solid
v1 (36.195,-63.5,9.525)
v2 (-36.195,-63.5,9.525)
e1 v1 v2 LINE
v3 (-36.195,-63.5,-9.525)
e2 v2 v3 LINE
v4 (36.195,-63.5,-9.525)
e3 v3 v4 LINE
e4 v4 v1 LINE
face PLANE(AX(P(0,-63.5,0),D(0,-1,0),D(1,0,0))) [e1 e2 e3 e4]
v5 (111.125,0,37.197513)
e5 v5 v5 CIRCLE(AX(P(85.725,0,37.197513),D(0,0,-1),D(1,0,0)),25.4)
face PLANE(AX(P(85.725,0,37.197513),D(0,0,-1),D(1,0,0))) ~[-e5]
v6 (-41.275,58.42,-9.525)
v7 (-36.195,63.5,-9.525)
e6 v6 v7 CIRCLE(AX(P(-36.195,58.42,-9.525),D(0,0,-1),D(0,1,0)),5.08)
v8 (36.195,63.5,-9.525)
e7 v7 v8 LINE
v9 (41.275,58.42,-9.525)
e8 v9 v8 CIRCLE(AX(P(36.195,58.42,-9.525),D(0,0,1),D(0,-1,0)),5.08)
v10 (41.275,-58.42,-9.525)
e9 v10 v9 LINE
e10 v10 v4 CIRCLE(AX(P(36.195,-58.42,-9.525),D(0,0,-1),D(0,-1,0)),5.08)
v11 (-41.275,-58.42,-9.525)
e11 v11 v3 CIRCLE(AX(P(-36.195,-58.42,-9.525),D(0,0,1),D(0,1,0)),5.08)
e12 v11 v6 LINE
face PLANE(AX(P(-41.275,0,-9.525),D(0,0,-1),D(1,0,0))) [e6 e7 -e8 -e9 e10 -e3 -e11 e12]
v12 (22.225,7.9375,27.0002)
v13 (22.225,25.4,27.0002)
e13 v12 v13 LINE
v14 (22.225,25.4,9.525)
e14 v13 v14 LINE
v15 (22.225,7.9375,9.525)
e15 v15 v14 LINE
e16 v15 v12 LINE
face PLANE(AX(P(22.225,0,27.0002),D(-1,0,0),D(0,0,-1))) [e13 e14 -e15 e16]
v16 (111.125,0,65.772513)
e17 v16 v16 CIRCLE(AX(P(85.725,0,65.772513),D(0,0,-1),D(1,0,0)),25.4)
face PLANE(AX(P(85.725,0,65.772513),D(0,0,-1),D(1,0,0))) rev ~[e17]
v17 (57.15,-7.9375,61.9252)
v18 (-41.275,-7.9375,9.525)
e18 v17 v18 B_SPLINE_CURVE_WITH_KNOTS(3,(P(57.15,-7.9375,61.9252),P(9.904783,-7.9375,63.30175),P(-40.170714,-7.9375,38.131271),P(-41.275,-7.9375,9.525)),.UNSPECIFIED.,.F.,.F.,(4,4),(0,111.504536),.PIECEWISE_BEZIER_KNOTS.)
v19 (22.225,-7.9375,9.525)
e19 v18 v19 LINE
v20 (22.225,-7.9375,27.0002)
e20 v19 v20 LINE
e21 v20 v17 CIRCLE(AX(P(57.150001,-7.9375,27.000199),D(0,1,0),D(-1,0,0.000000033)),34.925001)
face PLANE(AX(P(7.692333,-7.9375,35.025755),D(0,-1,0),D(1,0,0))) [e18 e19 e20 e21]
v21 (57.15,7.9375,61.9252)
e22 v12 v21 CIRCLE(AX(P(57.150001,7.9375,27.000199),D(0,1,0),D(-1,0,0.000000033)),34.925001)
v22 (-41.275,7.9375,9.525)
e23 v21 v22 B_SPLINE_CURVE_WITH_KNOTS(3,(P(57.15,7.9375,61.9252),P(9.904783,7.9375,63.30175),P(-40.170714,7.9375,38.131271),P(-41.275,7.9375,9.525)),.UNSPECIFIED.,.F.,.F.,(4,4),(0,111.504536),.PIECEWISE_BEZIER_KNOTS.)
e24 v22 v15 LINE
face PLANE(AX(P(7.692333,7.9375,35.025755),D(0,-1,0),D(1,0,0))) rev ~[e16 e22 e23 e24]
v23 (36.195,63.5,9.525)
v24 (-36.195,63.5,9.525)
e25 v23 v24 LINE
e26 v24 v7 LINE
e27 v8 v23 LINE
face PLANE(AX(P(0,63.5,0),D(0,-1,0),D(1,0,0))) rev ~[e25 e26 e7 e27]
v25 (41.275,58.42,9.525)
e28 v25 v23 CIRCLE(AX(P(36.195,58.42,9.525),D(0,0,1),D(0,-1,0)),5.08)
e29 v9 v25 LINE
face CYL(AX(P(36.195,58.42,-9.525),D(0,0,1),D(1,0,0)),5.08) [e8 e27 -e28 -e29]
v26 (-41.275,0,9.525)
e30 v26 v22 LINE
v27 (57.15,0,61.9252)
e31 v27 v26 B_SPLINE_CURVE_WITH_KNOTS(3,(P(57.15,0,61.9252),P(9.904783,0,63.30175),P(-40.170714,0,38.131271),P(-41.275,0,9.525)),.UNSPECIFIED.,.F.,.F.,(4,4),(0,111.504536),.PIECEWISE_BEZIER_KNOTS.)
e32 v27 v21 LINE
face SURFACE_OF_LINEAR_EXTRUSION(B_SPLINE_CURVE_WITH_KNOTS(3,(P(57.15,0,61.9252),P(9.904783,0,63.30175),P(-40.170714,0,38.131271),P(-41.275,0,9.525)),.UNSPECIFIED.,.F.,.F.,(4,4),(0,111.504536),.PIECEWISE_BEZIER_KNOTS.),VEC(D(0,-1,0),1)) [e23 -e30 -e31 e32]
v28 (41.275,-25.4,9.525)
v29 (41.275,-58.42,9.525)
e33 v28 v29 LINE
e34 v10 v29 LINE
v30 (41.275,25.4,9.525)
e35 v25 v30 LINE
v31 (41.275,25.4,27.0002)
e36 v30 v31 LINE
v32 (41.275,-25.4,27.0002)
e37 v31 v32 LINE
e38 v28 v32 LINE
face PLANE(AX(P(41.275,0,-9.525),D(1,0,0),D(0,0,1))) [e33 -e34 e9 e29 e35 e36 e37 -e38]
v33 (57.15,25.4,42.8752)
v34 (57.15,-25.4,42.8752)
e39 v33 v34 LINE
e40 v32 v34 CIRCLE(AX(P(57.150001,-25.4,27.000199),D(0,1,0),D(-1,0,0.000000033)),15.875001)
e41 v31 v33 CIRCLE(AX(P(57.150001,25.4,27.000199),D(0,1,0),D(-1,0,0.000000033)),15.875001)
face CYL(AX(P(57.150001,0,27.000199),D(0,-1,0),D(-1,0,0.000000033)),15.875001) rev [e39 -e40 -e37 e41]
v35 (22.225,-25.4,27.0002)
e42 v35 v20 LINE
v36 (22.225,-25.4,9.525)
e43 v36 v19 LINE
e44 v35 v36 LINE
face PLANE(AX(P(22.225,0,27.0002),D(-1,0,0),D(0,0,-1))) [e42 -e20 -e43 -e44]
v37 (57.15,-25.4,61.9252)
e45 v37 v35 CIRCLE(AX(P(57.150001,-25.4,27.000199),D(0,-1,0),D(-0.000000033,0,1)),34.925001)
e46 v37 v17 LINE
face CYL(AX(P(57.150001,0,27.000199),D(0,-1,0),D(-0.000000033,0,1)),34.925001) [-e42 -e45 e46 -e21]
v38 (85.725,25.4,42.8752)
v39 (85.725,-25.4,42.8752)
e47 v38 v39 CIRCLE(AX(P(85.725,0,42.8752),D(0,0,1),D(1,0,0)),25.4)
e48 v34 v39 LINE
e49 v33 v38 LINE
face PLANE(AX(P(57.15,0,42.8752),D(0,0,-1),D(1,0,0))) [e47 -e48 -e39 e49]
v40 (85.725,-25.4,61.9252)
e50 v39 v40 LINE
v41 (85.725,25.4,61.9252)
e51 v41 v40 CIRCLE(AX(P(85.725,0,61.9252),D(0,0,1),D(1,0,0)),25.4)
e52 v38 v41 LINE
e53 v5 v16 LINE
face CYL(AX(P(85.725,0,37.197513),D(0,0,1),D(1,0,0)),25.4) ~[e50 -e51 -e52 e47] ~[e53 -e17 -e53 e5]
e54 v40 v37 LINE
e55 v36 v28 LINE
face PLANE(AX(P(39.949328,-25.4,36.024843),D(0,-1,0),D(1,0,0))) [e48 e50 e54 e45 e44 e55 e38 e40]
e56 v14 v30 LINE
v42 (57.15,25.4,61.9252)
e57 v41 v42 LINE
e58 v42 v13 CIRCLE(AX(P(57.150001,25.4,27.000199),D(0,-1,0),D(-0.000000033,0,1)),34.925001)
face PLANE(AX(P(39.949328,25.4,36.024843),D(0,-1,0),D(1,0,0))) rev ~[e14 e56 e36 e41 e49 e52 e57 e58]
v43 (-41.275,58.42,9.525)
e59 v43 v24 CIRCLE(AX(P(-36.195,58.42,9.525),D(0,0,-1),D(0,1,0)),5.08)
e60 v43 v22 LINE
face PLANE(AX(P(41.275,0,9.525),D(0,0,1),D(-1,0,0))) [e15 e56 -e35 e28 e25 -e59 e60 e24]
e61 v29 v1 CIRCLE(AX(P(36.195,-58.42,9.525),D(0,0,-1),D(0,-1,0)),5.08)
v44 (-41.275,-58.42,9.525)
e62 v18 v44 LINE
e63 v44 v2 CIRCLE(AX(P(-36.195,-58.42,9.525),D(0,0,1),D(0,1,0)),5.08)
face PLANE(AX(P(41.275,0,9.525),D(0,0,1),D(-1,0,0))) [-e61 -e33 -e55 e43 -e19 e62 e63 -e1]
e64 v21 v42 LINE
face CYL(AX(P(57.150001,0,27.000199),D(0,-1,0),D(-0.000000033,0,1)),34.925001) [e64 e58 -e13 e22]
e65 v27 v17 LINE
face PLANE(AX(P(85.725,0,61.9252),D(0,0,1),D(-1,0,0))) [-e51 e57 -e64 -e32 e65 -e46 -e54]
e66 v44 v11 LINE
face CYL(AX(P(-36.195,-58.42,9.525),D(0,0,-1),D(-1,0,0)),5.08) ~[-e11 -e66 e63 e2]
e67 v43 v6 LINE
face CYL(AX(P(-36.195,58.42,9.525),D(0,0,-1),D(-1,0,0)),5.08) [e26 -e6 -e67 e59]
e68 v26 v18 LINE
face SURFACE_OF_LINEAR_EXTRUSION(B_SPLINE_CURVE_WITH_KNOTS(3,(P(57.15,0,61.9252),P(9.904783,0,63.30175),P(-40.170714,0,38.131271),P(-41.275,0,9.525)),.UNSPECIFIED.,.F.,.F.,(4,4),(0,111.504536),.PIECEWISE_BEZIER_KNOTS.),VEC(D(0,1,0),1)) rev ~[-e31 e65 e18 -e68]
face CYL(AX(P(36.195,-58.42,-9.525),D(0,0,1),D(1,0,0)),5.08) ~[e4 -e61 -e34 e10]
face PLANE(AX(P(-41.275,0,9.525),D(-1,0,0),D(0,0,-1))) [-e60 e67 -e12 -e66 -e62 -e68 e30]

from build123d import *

# Parameters (mm, degrees)
F1_DEPTH = 63.5
F2_DEPTH = 25.4
F4_DEPTH = 7.9375
F5_R     = 5.08


with BuildPart() as f1:
    # F0 (on Front) → F1 (new body, symmetric)
    with BuildSketch(Plane.XZ):
        Polygon((41.275, -9.525), (41.275, 9.525), (22.225, 9.525), (-41.275, 9.525), (-41.275, -9.525), align=None)
    extrude(amount=F1_DEPTH, both=True)

    # F0 (on Front) → F2 (join, symmetric)
    with BuildSketch(Plane.XZ):
        with BuildLine():
            Line((22.225, 9.525), (41.275, 9.525))
            Line((41.275, 9.525), (41.275, 27.0002))
            ThreePointArc((41.275, 27.0002), (45.92468, 38.22552), (57.15, 42.8752))
            Line((57.15, 42.8752), (60.325, 42.8752))
            Line((60.325, 42.8752), (60.325, 61.9252))
            Line((60.325, 61.9252), (57.15, 61.9252))
            ThreePointArc((57.15, 61.9252), (32.454296, 51.695904), (22.225, 27.0002))
            Line((22.225, 27.0002), (22.225, 9.525))
        make_face()
        Polygon((60.325, 61.9252), (60.325, 42.8752), (85.725, 42.8752), (85.725, 51.485013), (85.725, 61.9252), align=None)
    extrude(amount=F2_DEPTH, both=True)

    # F0 (on Front) → F3 (revolve)
    with BuildSketch(Plane.XZ):
        Polygon((85.725, 51.485013), (85.725, 42.8752), (85.725, 37.197513), (111.125, 37.197513), (111.125, 65.772513), (85.725, 65.772513), (85.725, 61.9252), align=None)
    revolve(axis=Axis((85.725, 0, 56.705107), (0, 0, -1)))

    # F0 (on Front) → F4 (join, symmetric)
    with BuildSketch(Plane.XZ):
        with BuildLine():
            Line((-41.275, 9.525), (22.225, 9.525))
            Line((22.225, 9.525), (22.225, 27.0002))
            ThreePointArc((22.225, 27.0002), (32.454296, 51.695904), (57.15, 61.9252))
            add(Edge.make_bspline(
                [(57.15, 61.9252), (9.904783, 63.30175), (-40.170714, 38.131271), (-41.275, 9.525)],
                knots=[0, 0, 0, 0, 111.504536, 111.504536, 111.504536, 111.504536], degree=3))
        make_face()
    extrude(amount=F4_DEPTH, both=True)

    # F5
    f5_edges = [f1.edges().sort_by_distance(p)[0] for p in [
        (41.275, 63.5, 0),
        (-41.275, 63.5, 0),
        (-41.275, -63.5, 0),
        (41.275, -63.5, 0),
    ]]
    fillet(f5_edges, radius=F5_R)


solid = f1.part
